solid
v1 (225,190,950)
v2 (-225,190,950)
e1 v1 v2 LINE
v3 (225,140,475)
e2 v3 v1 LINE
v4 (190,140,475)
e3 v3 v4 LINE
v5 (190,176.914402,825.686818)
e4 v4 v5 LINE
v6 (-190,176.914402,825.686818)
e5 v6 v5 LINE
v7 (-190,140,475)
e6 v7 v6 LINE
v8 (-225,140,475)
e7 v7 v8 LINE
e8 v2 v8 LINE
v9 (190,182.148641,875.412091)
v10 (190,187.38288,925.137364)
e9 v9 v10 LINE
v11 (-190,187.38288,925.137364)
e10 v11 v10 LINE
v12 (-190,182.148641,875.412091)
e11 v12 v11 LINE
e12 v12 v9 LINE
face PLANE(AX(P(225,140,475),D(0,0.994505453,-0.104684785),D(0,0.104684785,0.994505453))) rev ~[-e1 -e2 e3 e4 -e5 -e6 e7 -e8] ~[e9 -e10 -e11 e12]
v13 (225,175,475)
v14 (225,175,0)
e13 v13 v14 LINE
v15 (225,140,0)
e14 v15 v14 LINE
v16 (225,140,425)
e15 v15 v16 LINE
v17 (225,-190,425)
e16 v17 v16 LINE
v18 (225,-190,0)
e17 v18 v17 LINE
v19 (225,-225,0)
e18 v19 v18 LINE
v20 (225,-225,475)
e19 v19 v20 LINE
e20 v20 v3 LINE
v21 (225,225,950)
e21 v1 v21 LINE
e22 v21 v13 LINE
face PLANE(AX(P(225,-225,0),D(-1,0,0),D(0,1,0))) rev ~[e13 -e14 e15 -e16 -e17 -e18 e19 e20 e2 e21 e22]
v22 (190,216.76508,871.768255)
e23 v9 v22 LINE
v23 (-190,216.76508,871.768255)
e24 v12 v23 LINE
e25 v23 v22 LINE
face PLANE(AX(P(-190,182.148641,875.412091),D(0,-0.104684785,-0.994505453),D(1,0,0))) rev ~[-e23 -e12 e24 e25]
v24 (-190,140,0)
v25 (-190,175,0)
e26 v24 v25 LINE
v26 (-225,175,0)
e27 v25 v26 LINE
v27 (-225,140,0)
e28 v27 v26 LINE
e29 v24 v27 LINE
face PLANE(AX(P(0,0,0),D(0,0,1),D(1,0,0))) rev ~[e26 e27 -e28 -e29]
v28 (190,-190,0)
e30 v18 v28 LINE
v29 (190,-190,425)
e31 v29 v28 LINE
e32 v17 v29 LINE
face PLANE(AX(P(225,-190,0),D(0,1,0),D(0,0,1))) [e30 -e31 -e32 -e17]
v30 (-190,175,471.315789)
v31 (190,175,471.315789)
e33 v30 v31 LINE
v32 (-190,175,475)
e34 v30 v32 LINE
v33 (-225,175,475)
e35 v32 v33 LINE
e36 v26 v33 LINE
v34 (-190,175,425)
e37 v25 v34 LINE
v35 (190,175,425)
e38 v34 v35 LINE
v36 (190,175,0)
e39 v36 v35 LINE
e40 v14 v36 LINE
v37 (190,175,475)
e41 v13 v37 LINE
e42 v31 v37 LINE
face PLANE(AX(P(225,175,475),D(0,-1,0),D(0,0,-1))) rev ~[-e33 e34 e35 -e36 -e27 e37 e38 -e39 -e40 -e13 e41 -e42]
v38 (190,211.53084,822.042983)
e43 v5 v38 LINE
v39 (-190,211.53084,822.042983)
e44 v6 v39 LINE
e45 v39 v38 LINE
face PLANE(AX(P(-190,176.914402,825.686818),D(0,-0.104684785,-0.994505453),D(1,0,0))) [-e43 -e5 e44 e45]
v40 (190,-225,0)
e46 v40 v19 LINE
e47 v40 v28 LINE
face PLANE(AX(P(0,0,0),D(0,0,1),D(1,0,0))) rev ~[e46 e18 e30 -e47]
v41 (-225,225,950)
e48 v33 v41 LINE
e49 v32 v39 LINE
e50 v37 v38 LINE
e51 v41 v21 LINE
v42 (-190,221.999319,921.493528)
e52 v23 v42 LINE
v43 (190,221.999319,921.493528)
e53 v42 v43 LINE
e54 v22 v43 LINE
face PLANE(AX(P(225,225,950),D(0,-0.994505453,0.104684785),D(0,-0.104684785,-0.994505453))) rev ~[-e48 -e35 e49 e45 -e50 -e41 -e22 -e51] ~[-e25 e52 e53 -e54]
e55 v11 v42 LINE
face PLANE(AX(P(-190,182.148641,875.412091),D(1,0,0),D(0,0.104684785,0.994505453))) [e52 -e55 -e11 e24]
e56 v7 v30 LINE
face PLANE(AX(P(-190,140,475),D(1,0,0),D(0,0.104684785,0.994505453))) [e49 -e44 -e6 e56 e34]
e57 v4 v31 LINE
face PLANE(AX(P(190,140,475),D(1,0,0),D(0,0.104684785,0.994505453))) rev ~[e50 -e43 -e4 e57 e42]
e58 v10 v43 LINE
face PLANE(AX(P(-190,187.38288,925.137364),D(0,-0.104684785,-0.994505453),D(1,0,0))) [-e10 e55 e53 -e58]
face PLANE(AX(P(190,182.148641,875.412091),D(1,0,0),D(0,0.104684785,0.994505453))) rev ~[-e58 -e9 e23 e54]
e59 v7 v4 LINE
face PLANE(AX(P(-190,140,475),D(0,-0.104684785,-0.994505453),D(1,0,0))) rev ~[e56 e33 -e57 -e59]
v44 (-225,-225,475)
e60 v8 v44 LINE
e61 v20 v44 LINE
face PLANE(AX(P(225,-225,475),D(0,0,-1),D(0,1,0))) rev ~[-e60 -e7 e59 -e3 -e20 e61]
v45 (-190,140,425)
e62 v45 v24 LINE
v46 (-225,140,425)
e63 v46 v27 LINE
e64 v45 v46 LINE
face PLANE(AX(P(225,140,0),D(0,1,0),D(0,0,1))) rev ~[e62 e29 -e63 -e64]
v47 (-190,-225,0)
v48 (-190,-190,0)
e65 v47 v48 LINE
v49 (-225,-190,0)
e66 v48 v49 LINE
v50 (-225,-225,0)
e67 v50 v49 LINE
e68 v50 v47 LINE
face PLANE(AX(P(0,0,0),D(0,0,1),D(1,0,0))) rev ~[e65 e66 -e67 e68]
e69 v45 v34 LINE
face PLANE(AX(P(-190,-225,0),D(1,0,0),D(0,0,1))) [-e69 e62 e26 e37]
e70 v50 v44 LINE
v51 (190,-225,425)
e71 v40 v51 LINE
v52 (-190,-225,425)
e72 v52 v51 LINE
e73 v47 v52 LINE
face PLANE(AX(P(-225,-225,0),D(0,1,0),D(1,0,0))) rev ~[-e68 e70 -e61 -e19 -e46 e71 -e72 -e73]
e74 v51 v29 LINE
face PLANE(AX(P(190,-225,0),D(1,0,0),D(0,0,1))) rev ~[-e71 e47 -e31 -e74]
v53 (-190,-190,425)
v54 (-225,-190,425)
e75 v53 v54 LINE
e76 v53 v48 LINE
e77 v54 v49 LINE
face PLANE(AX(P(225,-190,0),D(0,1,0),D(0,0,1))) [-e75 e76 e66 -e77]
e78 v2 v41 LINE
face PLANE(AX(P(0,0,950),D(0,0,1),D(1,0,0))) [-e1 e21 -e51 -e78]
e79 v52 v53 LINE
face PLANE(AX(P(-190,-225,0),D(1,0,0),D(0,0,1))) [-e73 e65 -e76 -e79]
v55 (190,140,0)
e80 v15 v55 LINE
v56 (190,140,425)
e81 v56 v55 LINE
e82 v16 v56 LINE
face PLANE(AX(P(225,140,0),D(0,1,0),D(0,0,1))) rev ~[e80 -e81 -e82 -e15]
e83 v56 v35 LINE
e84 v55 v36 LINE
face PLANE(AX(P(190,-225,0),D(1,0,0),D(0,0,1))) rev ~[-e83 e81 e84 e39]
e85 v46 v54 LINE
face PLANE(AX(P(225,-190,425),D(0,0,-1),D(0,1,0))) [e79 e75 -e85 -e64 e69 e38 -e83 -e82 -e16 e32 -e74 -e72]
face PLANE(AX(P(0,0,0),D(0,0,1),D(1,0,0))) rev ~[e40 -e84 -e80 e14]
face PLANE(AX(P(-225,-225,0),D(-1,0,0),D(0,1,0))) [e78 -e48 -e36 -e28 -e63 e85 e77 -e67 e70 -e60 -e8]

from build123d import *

# Parameters (mm, degrees)
F0_W     = 450
F0_H     = 450
F1_DEPTH = 950
F2_W     = 50
F2_H     = 50
F2_H_2   = 425
F2_W_2   = 330
F3_DEPTH = 450.001
F4_W     = 380
F4_H     = 425
F5_DEPTH = 450.001
F6_W     = 380
F6_H     = 50
F6_H_2   = 352.6243293636
F7_DEPTH = 134.2592361444


with BuildPart() as f1:
    # F0 (on Top) → F1 (new body)
    with BuildSketch(Plane.XY):
        Rectangle(F0_W, F0_H)
    extrude(amount=F1_DEPTH)

    # F2 (on face) → F3 (cut, through all)
    with BuildSketch(Plane.YZ.offset(225)):
        Polygon((-225, 475), (140, 475), (190, 950), (-225, 950), align=None)
        Polygon((175, 475), (225, 475), (225, 950), align=None)
        with Locations((200, 450)):
            Rectangle(F2_W, F2_H)
        with Locations((200, 212.5)):
            Rectangle(F2_W, F2_H_2)
        with Locations((-25, 212.5)):
            Rectangle(F2_W_2, F2_H_2)
    extrude(amount=-F3_DEPTH, mode=Mode.SUBTRACT)

    # F4 (on face) → F5 (cut, through all)
    with BuildSketch(Plane.XZ.offset(225)):
        with Locations((0, 212.5)):
            Rectangle(F4_W, F4_H)
    extrude(amount=-F5_DEPTH, mode=Mode.SUBTRACT)

    # F6 (on face) → F7 (cut, through all)
    with BuildSketch(Plane(origin=(0, 89.0136986301, -9.3698630137), x_dir=(1, 0, 0), z_dir=(0, -0.9945054529, 0.1046847845))):
        with Locations((0, 914.6702893338)):
            Rectangle(F6_W, F6_H)
        with Locations((0, 663.358124652)):
            Rectangle(F6_W, F6_H_2)
    extrude(amount=-F7_DEPTH, mode=Mode.SUBTRACT)


solid = f1.part
